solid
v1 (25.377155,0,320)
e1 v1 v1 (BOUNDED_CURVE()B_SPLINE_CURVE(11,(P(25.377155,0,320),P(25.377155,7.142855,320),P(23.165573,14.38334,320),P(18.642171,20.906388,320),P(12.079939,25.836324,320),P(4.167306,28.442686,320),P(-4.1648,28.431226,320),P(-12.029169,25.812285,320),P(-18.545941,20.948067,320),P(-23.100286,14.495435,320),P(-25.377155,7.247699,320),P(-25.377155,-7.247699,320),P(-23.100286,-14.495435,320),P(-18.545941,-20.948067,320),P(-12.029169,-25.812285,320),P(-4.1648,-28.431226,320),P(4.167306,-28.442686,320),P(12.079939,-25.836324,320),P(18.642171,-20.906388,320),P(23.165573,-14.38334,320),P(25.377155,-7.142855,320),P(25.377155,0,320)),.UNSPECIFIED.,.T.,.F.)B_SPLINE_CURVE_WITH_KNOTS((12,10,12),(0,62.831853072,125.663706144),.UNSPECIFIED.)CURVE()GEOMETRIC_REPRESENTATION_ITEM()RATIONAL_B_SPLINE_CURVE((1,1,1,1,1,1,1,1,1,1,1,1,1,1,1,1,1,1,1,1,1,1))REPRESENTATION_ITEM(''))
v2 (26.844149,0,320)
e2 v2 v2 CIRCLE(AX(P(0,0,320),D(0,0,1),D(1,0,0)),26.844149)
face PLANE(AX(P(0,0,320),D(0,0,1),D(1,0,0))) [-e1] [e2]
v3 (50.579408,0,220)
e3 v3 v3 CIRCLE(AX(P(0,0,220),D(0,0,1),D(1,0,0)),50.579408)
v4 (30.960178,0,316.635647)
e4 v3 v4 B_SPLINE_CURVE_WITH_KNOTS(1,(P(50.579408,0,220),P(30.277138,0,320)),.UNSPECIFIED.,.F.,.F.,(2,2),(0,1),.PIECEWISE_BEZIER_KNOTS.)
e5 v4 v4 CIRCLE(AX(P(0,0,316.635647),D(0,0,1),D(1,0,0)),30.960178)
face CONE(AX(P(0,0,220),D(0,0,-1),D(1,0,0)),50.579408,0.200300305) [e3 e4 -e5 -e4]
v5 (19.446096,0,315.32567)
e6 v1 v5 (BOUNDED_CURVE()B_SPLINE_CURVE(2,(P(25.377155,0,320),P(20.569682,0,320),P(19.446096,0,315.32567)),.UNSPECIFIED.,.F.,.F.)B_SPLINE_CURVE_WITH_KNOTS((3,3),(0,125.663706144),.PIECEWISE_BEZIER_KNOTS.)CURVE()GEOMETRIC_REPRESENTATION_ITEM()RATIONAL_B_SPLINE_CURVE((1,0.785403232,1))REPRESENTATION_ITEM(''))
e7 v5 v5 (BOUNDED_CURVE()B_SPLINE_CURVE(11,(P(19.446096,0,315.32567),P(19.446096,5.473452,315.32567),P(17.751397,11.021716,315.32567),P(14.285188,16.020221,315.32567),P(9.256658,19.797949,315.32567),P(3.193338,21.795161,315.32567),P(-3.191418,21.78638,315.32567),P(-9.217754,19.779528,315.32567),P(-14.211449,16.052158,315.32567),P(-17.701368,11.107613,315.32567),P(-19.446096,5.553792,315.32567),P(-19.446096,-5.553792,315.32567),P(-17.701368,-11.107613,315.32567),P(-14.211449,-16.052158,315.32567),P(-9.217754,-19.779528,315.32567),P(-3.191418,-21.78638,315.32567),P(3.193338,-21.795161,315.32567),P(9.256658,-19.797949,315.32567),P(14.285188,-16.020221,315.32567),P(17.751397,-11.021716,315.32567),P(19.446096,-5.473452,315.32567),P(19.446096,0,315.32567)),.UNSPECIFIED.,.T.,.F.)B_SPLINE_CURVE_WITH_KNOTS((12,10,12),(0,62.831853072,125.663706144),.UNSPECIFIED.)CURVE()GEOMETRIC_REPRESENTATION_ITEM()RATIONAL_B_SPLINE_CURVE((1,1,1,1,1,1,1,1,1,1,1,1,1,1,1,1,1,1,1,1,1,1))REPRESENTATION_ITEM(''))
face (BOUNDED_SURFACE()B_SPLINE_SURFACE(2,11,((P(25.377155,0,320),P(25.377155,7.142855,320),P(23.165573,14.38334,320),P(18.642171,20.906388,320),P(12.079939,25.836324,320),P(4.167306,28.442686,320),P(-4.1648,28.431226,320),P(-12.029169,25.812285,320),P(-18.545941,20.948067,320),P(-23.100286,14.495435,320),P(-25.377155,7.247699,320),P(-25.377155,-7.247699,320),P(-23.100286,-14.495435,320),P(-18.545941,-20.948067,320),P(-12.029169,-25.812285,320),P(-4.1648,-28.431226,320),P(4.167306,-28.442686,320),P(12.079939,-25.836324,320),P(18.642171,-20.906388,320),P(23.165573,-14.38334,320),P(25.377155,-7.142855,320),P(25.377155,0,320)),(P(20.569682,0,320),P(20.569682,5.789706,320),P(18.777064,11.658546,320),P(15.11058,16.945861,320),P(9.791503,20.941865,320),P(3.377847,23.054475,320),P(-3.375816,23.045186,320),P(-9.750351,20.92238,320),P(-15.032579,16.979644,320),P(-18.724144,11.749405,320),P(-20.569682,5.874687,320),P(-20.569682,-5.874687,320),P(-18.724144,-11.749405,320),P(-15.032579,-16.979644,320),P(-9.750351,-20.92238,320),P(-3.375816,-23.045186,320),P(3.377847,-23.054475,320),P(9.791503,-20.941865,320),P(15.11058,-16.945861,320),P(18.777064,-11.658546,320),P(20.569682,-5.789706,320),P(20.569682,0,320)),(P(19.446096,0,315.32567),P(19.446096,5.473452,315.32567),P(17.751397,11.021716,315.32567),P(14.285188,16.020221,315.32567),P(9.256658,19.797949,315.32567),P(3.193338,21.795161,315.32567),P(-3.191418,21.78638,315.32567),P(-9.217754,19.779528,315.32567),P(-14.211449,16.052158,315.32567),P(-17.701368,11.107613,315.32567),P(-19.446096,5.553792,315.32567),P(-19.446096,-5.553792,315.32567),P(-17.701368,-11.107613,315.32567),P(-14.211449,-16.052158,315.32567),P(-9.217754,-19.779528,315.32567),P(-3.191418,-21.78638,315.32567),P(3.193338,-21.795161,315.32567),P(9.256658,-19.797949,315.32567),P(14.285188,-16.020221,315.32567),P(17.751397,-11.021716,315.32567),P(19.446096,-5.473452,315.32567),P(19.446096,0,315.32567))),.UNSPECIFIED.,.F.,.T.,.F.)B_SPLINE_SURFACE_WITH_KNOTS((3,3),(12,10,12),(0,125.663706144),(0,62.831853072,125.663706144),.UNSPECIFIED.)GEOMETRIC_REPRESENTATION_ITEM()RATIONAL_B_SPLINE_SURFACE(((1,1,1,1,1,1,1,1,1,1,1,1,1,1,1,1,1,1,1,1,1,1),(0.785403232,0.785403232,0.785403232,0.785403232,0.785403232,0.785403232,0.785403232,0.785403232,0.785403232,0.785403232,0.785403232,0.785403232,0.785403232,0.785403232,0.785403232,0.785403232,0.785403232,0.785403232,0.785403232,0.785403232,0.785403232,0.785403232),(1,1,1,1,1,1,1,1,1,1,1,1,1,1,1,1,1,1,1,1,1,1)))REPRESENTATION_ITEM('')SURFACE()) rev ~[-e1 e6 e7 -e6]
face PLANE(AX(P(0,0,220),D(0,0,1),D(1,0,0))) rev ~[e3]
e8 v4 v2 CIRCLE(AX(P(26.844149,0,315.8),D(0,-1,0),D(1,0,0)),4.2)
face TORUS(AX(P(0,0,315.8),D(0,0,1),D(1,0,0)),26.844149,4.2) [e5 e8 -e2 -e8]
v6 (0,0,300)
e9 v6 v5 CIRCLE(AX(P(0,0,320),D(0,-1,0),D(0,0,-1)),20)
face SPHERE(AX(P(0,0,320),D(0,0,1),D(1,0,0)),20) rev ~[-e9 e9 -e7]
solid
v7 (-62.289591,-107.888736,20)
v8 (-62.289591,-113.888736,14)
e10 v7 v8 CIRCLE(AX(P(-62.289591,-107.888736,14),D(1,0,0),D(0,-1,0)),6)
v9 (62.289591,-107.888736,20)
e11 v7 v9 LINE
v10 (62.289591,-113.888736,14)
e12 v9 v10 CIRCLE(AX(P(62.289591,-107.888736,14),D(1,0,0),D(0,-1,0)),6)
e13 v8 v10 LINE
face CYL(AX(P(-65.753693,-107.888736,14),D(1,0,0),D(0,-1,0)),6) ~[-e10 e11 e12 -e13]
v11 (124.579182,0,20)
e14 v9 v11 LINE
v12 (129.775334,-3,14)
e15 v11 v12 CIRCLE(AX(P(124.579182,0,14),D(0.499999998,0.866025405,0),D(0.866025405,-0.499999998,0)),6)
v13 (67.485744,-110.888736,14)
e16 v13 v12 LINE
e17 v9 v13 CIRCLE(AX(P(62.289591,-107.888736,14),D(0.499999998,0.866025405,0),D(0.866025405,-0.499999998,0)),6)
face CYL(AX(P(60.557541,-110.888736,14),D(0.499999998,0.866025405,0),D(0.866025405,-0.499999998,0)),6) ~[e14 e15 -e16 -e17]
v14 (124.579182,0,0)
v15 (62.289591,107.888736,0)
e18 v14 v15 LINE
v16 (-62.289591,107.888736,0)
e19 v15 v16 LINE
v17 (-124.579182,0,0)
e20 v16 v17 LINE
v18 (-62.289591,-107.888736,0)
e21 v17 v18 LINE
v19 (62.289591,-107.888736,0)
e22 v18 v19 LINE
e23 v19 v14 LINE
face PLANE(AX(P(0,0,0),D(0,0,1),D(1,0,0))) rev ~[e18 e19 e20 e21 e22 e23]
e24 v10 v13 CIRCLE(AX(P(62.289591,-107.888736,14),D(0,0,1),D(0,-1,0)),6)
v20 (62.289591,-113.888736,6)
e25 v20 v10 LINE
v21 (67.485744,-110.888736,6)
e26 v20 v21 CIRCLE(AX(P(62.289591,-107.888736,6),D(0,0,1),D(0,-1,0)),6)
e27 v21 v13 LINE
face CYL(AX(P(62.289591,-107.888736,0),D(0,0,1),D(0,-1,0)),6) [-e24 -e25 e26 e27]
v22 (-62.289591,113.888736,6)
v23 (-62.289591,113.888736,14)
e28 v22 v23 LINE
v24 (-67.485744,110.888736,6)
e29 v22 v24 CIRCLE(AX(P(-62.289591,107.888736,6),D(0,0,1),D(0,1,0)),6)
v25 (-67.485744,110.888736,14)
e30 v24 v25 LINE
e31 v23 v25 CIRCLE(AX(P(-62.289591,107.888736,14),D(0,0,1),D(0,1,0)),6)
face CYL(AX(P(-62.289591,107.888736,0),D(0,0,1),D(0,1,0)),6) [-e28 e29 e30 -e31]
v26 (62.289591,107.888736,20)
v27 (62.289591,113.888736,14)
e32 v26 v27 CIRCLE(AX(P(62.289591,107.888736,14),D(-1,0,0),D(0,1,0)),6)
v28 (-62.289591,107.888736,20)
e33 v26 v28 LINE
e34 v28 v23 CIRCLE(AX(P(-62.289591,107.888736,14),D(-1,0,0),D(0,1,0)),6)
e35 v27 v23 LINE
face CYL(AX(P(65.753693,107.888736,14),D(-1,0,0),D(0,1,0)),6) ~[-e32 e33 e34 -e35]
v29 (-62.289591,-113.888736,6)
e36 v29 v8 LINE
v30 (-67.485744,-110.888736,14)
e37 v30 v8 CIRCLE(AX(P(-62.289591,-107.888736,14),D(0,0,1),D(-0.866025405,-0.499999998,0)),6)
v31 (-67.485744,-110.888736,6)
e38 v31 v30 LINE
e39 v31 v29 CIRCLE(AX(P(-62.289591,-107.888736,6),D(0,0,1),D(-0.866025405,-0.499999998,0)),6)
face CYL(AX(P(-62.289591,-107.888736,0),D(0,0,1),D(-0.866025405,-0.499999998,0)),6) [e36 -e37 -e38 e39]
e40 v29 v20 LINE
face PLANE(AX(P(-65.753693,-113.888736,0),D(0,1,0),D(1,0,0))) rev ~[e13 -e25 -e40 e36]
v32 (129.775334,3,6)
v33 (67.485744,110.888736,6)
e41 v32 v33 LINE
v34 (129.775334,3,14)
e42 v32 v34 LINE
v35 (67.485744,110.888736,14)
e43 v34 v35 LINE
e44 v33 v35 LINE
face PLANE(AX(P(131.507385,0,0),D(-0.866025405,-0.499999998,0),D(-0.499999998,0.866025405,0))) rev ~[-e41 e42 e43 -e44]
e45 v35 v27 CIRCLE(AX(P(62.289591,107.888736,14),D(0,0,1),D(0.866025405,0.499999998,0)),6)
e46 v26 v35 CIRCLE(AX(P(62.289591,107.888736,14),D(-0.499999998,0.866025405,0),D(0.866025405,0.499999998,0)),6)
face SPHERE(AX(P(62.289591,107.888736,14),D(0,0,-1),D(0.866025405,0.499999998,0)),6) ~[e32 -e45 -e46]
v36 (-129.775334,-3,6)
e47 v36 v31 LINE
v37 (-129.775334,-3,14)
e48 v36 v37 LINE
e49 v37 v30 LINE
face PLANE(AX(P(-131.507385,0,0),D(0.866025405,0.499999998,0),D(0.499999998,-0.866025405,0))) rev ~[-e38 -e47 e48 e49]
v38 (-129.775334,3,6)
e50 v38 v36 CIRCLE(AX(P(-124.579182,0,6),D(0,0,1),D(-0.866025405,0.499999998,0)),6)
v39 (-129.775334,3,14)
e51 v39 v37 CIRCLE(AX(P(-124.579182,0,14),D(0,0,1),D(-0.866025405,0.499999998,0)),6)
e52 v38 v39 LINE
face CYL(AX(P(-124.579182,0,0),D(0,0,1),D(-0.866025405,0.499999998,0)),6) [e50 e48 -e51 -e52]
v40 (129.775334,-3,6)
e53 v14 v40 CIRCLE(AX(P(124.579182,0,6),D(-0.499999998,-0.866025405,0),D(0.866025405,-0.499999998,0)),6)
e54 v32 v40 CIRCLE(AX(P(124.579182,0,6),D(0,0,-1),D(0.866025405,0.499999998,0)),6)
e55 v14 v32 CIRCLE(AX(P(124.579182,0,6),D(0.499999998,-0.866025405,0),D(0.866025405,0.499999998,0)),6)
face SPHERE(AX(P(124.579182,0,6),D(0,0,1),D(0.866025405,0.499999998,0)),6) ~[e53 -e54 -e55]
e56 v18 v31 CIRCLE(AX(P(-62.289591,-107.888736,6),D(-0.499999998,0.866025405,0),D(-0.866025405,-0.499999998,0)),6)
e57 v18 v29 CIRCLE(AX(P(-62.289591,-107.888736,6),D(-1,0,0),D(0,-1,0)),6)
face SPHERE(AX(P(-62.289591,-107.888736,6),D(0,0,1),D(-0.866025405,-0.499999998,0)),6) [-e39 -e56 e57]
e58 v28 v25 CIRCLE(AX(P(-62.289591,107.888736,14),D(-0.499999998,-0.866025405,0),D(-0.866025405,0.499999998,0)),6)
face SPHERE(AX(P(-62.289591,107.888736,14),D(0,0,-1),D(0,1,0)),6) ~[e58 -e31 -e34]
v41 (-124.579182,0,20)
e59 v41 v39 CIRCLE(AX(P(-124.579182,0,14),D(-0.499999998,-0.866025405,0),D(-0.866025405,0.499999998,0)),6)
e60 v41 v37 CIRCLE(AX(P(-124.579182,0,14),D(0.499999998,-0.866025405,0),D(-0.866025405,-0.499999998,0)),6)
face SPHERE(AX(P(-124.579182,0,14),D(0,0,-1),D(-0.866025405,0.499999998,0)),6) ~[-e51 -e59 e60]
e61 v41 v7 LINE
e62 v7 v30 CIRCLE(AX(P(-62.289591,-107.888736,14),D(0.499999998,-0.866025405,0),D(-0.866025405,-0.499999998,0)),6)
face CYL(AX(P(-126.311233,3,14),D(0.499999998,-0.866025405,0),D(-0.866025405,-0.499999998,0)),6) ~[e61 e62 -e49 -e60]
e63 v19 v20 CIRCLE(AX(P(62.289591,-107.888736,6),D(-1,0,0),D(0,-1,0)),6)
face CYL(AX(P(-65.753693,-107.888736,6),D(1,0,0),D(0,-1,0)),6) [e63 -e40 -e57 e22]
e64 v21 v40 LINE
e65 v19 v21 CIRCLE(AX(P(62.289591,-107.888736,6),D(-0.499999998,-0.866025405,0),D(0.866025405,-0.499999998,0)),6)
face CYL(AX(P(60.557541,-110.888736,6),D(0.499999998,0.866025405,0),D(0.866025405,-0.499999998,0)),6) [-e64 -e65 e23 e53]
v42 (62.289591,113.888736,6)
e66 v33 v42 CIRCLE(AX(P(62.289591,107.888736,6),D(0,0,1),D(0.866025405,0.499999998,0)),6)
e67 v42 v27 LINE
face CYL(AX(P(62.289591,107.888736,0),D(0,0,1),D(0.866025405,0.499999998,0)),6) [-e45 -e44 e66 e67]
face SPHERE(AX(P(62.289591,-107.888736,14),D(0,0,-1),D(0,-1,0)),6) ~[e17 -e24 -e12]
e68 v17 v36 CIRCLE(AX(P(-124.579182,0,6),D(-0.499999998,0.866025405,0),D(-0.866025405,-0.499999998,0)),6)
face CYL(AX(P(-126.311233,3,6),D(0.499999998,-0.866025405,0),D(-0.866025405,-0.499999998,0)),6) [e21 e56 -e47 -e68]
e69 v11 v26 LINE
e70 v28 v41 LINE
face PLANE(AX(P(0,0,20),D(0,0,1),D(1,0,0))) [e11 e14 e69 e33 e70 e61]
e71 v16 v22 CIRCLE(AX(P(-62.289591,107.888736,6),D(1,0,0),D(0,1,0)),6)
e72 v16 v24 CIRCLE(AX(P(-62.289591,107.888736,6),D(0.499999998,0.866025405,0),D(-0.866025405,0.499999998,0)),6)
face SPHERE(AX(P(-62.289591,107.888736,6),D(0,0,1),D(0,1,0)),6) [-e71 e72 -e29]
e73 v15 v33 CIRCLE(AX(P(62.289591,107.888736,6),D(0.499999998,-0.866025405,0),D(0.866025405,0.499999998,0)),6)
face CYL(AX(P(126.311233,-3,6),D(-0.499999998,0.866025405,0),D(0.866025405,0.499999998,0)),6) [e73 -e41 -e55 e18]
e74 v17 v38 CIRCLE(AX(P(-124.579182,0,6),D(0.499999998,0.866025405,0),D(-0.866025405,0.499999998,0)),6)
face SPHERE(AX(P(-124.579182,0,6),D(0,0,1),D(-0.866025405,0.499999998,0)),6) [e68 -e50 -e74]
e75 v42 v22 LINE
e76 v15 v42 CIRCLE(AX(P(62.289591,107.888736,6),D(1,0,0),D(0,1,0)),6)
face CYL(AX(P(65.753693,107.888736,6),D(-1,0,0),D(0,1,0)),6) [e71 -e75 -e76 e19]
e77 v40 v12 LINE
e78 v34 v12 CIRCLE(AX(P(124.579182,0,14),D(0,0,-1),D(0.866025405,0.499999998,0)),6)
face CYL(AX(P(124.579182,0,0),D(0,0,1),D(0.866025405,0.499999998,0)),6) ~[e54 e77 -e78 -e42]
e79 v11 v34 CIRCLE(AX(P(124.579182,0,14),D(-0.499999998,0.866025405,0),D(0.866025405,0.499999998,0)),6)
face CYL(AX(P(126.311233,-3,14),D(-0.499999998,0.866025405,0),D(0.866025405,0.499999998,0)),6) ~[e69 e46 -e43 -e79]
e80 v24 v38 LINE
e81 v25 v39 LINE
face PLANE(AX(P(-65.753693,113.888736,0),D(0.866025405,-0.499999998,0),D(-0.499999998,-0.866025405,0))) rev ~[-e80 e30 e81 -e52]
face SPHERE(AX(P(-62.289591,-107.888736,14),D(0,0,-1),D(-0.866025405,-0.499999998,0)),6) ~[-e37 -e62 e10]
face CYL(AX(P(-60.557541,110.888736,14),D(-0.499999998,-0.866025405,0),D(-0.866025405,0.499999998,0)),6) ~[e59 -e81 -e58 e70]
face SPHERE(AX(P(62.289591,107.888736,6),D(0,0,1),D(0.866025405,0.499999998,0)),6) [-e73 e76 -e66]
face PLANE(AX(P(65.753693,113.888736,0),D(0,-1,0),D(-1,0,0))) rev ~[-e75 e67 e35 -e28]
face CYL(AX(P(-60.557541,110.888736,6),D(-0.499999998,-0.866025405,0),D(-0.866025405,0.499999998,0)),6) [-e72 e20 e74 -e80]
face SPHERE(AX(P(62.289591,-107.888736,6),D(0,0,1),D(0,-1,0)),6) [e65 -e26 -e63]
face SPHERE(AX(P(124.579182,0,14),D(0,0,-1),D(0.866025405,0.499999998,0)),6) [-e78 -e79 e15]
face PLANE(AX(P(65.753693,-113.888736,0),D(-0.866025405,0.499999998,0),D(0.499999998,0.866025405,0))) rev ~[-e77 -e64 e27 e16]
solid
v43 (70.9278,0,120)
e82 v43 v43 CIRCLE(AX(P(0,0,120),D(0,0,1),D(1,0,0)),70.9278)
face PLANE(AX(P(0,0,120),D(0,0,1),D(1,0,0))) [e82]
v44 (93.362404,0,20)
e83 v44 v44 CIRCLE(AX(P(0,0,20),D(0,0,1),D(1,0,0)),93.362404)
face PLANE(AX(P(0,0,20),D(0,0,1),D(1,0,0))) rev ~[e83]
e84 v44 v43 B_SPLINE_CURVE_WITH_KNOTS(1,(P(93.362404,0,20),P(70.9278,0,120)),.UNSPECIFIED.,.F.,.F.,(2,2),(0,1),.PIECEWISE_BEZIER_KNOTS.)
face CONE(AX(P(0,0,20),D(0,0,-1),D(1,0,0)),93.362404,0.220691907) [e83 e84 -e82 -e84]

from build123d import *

# Parameters (mm, degrees)
PAD_DEPTH   = 20
FILLET001_R = 6
SKETCH001_R = 93.362404
SKETCH002_R = 70.9278
SKETCH007_R = 50.579408
SKETCH006_R = 30.277138
FILLET_R    = 4.2
FILLET002_R = 6.1


with BuildPart() as body:
    # Sketch → Pad (new body)
    with BuildSketch(Plane.XY):
        Polygon((131.507385, 0), (65.753693, 113.888736), (-65.753693, 113.888736), (-131.507385, 0), (-65.753693, -113.888736), (65.753693, -113.888736), align=None)
    extrude(amount=PAD_DEPTH)

    # Fillet001
    fillet001_edges = [body.edges().sort_by_distance(p)[0] for p in [
        (131.507385, 0, 10),
        (65.753693, 113.888736, 10),
        (98.630539, 56.944368, 0),
        (98.630539, 56.944368, 20),
        (-65.753693, 113.888736, 10),
        (0, 113.888736, 0),
        (0, 113.888736, 20),
        (-131.507385, 0, 10),
        (-98.630539, 56.944368, 0),
        (-98.630539, 56.944368, 20),
        (-65.753693, -113.888736, 10),
        (-98.630539, -56.944368, 0),
        (-98.630539, -56.944368, 20),
        (65.753693, -113.888736, 10),
        (0, -113.888736, 0),
        (0, -113.888736, 20),
        (98.630539, -56.944368, 0),
        (98.630539, -56.944368, 20),
    ]]
    fillet(fillet001_edges, radius=FILLET001_R)


with BuildPart() as loft_body:
    # Sketch001 (on Face8 of Pad) → Loft section 0
    with BuildSketch(Plane.XY.offset(20)):
        Circle(SKETCH001_R)
    # Sketch002 (on Face8 of Pad) → Loft section 1
    with BuildSketch(Plane.XY.offset(120)):
        Circle(SKETCH002_R)
    loft()


with BuildPart() as sphere:
    # Sphere → Sphere (revolve)
    with BuildSketch(Plane(origin=(0, 0, 320), x_dir=(1, 0, 0), z_dir=(0, -1, 0))):
        with BuildLine():
            ThreePointArc((0, -20), (20, 0), (0, 20))
            Line((0, 20), (0, -20))
        make_face()
    revolve(axis=Axis((0, 0, 320), (0, 0, 1)))


with BuildPart() as fillet002:
    # Sketch007 (on Face8 of Pad) → Loft002 section 0
    with BuildSketch(Plane.XY.offset(220)):
        Circle(SKETCH007_R)
    # Sketch006 (on Face8 of Pad) → Loft002 section 1
    with BuildSketch(Plane.XY.offset(320)):
        Circle(SKETCH006_R)
    loft()

    # Fillet
    fillet_edges = [fillet002.edges().sort_by_distance(p)[0] for p in [
        (-30.277138, 0, 320),
    ]]
    fillet(fillet_edges, radius=FILLET_R)

    # Cut: cut Sphere
    add(sphere.part, mode=Mode.SUBTRACT)

    # Fillet002
    fillet002_edges = [fillet002.edges().sort_by_distance(p)[0] for p in [
        (-20, 0, 320),
    ]]
    fillet(fillet002_edges, radius=FILLET002_R)


solid = Compound([body.part, loft_body.part, fillet002.part])
